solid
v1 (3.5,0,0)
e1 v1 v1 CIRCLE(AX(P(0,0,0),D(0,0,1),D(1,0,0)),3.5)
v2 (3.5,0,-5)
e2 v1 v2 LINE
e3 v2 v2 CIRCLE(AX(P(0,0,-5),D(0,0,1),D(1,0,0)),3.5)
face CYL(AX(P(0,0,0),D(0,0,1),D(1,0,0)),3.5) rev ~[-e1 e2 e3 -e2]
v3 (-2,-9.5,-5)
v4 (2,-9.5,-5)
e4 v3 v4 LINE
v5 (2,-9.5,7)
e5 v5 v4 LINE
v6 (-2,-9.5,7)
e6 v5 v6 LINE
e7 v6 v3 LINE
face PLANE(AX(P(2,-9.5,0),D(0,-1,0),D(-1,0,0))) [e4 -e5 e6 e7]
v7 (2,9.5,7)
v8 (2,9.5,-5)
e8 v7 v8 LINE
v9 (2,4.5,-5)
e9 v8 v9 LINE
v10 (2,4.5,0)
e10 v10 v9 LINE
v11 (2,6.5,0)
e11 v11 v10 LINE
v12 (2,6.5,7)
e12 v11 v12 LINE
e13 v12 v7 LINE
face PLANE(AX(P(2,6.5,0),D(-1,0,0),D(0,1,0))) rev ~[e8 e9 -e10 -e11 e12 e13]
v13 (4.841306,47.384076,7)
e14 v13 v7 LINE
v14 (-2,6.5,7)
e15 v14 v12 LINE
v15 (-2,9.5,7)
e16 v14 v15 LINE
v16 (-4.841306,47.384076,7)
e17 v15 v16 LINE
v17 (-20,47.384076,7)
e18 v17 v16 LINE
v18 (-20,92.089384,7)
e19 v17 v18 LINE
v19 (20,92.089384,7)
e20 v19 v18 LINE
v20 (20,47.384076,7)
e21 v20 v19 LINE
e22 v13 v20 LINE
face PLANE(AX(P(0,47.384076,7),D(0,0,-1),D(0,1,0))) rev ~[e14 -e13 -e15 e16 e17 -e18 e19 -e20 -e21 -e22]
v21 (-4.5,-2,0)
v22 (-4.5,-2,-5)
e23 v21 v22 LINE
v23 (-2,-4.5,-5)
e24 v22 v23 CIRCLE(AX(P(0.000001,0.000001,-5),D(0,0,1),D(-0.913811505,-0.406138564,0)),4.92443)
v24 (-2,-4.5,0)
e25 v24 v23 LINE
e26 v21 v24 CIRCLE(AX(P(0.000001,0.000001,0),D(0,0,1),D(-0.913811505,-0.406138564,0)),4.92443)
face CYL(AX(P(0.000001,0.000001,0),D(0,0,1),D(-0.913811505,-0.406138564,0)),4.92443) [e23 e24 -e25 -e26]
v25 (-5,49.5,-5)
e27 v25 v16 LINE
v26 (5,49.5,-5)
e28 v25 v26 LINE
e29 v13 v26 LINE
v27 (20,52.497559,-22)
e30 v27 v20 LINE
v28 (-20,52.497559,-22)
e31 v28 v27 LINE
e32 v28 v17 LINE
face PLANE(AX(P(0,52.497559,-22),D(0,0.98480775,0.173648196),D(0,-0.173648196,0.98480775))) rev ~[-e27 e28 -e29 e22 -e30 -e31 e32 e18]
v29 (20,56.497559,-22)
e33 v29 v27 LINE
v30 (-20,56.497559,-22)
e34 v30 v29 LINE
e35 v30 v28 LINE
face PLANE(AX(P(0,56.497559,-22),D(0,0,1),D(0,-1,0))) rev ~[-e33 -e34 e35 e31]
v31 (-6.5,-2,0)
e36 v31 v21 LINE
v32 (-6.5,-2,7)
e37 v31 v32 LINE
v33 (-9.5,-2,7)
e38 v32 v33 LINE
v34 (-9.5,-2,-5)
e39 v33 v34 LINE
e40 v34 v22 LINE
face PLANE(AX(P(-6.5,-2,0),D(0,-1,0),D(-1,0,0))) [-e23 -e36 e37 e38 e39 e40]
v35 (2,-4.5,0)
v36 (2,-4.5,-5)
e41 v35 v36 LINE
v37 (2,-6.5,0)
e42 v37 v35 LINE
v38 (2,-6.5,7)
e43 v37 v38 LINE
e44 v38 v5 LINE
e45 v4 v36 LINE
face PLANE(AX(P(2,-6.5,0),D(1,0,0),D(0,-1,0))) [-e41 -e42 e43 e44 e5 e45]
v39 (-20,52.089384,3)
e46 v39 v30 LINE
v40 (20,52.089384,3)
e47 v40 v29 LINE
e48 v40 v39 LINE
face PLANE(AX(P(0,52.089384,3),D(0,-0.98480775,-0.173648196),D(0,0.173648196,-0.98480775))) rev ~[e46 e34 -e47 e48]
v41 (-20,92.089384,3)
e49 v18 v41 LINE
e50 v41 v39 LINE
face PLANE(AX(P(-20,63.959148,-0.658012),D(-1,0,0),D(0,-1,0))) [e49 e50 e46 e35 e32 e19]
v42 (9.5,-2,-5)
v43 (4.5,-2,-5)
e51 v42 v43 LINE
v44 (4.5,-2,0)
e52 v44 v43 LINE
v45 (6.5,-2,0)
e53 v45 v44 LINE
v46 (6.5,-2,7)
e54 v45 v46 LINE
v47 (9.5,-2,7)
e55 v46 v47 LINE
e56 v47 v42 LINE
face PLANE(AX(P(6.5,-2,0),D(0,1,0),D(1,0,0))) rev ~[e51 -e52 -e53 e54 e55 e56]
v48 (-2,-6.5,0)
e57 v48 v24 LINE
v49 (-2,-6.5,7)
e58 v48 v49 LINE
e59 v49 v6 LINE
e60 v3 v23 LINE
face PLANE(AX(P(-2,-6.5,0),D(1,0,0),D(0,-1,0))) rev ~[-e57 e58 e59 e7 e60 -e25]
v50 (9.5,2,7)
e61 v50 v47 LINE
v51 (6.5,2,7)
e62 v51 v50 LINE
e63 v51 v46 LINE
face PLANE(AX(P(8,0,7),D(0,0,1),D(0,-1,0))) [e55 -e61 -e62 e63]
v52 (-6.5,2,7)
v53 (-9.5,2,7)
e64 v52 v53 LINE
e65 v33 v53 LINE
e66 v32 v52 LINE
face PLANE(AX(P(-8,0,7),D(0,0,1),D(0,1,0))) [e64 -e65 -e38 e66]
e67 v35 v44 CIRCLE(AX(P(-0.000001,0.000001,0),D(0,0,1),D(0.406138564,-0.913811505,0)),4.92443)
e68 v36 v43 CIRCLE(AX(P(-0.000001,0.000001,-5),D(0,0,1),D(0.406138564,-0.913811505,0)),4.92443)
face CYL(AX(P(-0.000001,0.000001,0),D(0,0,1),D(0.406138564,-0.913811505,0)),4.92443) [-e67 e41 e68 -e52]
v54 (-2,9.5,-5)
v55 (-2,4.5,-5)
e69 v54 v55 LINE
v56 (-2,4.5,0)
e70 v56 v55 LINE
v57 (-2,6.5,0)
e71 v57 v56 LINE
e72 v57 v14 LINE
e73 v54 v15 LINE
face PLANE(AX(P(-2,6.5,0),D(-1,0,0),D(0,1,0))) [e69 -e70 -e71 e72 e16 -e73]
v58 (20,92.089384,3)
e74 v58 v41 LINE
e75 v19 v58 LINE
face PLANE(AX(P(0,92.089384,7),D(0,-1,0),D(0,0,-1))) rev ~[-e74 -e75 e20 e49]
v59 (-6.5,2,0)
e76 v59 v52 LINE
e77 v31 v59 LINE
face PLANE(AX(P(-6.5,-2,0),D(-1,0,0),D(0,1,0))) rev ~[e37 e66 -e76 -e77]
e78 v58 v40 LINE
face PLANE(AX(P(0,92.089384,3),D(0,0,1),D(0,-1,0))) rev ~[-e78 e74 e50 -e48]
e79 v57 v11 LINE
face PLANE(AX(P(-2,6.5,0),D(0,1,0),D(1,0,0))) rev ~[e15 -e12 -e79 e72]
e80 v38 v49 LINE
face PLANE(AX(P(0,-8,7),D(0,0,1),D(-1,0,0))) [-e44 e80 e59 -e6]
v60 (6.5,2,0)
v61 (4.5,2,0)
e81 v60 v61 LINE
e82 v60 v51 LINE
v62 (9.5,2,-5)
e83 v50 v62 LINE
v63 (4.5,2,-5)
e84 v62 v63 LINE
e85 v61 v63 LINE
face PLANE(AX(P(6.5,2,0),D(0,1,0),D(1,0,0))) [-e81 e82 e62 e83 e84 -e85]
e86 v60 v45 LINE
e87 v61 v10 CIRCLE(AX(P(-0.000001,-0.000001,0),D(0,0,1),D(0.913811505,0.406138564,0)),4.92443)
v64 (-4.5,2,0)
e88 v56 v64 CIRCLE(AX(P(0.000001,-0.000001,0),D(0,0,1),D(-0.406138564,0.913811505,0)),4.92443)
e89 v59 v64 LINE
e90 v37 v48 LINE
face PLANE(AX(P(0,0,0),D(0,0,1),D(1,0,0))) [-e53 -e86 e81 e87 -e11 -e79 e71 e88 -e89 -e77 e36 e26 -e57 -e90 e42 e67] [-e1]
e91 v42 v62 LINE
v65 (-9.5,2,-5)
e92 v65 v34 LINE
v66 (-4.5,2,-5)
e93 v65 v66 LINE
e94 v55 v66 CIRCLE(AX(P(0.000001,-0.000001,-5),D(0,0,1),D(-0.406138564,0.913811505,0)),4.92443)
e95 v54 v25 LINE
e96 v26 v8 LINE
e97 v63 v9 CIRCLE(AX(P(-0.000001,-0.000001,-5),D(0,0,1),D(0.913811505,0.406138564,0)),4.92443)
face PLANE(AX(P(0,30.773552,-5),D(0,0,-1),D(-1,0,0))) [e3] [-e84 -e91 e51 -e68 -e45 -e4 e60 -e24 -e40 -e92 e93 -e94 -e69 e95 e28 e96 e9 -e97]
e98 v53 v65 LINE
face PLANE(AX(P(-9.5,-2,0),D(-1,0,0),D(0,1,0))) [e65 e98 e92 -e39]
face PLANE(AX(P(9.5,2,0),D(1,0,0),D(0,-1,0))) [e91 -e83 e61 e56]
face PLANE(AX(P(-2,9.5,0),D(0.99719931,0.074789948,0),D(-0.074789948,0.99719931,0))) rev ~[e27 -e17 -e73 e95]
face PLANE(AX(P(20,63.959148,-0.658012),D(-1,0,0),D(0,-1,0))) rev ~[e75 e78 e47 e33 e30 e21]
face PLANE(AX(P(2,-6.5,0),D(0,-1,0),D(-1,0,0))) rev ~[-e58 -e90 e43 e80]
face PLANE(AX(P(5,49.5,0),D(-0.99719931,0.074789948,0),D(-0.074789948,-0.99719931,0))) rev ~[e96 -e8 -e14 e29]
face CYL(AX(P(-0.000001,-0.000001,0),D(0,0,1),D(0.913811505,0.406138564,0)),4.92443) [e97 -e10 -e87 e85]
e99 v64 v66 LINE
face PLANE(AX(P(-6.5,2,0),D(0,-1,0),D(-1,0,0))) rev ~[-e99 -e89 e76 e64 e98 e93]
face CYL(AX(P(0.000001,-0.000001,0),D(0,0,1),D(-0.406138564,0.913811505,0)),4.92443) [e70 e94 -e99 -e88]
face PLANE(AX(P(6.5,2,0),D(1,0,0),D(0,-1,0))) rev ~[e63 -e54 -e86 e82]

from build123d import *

# Parameters (mm, degrees)
SKETCH_R           = 3.5
PAD_DEPTH          = 5
SKETCH001_W        = 4
SKETCH001_H        = 3
PAD001_DEPTH       = 7
POLARPATTERN_COUNT = 4
PAD002_DEPTH       = 7
PAD004_DEPTH       = 5
PAD005_DEPTH       = 20


with BuildPart() as part:
    # Sketch → Pad (new body)
    with BuildSketch(Plane.XY):
        with BuildLine():
            Line((-9.5, 2), (-9.5, -2))
            Line((-9.5, -2), (-4.5, -2))
            ThreePointArc((-4.5, -2), (-3.482097, -3.482097), (-2, -4.5))
            Line((-2, -9.5), (-2, -4.5))
            Line((-2, -9.5), (2, -9.5))
            Line((2, -9.5), (2, -4.5))
            ThreePointArc((2, -4.5), (3.482097, -3.482097), (4.5, -2))
            Line((9.5, -2), (4.5, -2))
            Line((9.5, -2), (9.5, 2))
            Line((9.5, 2), (4.5, 2))
            ThreePointArc((4.5, 2), (3.482097, 3.482097), (2, 4.5))
            Line((2, 9.5), (2, 4.5))
            Line((2, 9.5), (-2, 9.5))
            Line((-2, 9.5), (-2, 4.5))
            ThreePointArc((-2, 4.5), (-3.482097, 3.482097), (-4.5, 2))
            Line((-9.5, 2), (-4.5, 2))
        make_face()
        Circle(SKETCH_R, mode=Mode.SUBTRACT)
    extrude(amount=-PAD_DEPTH)

    # Sketch001 → Pad001 (join)
    with BuildSketch(Plane.XY):
        with Locations((0, 8)):
            Rectangle(SKETCH001_W, SKETCH001_H)
    pad001 = extrude(amount=PAD001_DEPTH)

    # PolarPattern: Pad001 ×4 about axis
    polarpattern_axis = Axis((0, 0, 0), (0, 0, 1))
    for i in range(1, POLARPATTERN_COUNT):
        add(pad001.rotate(polarpattern_axis, i * 360 / POLARPATTERN_COUNT))

    # Sketch002 → Pad002 (join)
    with BuildSketch(Plane.XY):
        Polygon((-2, 9.5), (-5, 49.5), (5, 49.5), (2, 9.5), align=None)
    extrude(amount=PAD002_DEPTH)

    # Sketch002 → Pad004 (join)
    with BuildSketch(Plane.XY):
        Polygon((-2, 9.5), (-5, 49.5), (5, 49.5), (2, 9.5), align=None)
    extrude(amount=-PAD004_DEPTH)

    # Sketch003 → Pad005 (join, symmetric)
    with BuildSketch(Plane.YZ):
        Polygon((47.384076, 7), (92.089384, 7), (92.089384, 3), (52.089384, 3), (56.497559, -22), (52.497559, -22), align=None)
    extrude(amount=PAD005_DEPTH, both=True)


solid = part.part
